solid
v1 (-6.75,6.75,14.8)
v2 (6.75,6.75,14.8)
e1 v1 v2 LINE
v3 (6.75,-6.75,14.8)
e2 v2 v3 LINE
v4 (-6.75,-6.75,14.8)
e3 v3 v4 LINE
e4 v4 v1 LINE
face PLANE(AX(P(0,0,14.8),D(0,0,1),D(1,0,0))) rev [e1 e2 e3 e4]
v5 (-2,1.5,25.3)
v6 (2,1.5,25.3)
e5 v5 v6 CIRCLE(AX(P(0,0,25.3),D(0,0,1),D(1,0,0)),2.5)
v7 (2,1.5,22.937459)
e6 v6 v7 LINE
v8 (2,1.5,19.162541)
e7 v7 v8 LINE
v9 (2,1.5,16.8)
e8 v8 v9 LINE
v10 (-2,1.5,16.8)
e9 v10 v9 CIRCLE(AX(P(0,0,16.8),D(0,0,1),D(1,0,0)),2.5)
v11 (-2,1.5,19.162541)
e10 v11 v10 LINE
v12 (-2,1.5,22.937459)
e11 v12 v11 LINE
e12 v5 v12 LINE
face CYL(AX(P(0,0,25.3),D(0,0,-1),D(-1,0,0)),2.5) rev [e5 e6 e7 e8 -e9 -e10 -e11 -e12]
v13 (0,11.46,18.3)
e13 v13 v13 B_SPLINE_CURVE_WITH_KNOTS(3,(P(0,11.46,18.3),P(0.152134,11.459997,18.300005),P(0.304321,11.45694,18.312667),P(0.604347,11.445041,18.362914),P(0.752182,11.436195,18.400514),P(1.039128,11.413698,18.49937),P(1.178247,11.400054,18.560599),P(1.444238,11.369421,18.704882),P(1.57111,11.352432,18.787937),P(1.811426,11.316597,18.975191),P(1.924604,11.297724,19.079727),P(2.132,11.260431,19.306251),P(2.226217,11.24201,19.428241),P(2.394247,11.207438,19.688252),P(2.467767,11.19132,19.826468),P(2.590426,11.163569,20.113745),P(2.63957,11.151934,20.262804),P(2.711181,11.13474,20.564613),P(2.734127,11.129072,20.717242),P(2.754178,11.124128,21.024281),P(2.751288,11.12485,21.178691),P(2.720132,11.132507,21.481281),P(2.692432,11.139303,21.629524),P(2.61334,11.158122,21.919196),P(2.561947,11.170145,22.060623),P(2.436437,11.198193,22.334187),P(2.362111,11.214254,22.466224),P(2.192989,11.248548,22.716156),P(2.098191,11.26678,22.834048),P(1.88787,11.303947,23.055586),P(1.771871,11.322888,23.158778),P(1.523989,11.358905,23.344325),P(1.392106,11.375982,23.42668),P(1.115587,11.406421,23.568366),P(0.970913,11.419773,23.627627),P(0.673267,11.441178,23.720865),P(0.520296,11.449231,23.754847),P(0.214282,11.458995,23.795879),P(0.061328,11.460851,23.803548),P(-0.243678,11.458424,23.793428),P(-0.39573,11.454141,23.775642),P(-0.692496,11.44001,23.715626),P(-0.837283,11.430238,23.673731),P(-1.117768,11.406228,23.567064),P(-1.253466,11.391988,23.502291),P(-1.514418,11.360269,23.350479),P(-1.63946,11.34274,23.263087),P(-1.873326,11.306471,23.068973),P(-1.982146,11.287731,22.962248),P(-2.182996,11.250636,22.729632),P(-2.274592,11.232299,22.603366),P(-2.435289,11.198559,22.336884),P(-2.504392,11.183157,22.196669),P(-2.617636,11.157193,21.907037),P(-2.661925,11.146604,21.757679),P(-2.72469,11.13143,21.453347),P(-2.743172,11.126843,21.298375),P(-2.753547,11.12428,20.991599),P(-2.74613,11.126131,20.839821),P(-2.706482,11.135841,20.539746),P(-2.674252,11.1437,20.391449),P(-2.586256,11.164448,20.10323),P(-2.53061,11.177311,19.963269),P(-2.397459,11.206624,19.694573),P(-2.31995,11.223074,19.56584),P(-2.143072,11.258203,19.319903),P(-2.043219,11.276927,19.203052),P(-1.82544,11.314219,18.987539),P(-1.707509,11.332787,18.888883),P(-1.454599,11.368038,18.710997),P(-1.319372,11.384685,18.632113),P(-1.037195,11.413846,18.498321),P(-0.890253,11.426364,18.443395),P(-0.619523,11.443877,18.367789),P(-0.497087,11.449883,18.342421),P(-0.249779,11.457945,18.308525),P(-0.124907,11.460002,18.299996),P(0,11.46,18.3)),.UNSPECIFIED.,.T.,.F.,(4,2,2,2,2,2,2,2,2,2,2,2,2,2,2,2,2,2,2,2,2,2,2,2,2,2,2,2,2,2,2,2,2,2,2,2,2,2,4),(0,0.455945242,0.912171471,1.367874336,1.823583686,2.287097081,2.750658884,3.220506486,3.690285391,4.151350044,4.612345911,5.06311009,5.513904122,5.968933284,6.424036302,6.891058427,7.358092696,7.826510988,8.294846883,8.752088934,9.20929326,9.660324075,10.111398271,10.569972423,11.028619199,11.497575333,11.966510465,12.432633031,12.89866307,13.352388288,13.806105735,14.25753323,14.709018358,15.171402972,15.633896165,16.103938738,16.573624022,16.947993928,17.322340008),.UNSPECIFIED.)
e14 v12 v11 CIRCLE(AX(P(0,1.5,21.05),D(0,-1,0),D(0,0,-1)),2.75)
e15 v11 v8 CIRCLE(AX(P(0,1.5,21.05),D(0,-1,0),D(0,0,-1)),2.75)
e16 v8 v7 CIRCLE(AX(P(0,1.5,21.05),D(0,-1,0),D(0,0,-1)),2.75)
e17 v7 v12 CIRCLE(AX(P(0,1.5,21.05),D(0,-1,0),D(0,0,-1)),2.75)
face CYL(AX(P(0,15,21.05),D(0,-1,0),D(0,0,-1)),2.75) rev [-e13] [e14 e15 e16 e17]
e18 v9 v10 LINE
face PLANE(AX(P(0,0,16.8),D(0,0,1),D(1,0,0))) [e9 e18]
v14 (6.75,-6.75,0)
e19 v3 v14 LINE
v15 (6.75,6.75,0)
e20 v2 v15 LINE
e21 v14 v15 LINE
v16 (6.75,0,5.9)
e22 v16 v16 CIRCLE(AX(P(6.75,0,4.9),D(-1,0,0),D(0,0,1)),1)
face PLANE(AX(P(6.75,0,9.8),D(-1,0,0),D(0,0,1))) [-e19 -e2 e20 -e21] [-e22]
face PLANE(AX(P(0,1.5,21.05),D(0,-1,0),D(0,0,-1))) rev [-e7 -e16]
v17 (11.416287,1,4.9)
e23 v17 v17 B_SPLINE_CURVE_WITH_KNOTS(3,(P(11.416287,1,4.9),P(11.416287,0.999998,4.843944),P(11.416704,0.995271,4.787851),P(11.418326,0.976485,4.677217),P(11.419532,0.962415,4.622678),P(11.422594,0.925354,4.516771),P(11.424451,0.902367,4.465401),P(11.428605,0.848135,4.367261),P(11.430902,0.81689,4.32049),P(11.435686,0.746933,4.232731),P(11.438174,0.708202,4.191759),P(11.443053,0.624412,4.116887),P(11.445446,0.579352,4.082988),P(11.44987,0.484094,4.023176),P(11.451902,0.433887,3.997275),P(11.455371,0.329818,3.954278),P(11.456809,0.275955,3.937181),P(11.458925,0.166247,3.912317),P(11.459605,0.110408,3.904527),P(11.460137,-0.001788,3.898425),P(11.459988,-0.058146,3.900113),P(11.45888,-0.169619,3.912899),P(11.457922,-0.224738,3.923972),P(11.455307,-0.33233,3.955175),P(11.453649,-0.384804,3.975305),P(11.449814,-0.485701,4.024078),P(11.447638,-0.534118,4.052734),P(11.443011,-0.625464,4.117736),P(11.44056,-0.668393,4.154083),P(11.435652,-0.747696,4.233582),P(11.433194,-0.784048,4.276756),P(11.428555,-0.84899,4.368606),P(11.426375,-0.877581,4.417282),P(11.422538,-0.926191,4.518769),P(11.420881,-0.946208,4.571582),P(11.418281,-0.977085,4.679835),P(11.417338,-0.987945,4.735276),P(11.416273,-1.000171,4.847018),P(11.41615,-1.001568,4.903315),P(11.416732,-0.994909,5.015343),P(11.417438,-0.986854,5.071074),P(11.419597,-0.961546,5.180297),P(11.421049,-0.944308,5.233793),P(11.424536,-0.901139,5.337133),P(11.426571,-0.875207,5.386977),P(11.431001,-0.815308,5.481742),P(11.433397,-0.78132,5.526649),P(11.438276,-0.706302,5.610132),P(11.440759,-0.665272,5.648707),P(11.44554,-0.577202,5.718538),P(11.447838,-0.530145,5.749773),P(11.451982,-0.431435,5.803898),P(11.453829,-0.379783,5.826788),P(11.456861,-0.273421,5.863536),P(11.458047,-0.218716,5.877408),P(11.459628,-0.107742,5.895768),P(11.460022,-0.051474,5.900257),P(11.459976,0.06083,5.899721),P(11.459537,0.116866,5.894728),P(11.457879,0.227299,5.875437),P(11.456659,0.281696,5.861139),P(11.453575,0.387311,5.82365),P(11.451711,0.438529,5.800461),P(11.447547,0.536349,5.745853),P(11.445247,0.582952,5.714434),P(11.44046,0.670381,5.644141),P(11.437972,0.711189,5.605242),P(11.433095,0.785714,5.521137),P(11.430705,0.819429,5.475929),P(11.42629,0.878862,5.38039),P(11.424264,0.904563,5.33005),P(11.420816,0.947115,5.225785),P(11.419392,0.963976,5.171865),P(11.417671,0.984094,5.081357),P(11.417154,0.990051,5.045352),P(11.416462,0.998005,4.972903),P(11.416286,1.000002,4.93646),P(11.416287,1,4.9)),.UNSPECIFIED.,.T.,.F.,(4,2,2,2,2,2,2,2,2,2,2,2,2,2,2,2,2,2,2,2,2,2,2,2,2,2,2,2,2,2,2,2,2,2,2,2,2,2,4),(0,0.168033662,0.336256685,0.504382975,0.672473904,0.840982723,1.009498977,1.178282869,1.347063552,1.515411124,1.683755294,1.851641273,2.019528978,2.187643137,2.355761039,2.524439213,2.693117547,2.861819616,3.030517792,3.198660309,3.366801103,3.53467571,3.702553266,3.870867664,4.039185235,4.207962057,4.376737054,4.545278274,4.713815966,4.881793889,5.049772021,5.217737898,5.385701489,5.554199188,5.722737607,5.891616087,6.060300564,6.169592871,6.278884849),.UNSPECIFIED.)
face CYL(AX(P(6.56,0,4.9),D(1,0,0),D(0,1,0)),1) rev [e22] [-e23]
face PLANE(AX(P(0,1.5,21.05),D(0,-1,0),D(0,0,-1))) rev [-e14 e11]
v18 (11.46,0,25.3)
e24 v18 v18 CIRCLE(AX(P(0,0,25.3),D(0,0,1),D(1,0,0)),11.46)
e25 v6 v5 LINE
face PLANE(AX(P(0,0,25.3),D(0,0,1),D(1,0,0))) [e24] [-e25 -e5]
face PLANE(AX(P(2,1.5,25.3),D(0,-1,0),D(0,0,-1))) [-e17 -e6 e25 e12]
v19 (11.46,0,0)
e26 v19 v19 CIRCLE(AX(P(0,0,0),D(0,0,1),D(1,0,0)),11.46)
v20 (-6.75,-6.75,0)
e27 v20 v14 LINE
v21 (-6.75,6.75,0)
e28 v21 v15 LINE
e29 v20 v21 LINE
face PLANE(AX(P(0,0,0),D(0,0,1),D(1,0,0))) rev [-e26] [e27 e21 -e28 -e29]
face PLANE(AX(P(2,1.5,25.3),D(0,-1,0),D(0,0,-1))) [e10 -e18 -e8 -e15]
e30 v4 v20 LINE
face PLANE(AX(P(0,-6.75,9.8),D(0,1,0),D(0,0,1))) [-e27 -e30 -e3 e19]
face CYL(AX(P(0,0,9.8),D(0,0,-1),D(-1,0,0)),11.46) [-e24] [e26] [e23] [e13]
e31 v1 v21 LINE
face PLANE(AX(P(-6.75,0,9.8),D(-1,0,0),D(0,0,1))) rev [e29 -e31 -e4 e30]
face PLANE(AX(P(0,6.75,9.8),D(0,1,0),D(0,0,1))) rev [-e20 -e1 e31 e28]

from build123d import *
from build123d.topology import SkipClean

# Parameters (mm, degrees)
BOSS_EXTRUDE1_DEPTH = 9.8
SKETCH2_R           = 9.925
BOSS_EXTRUDE2_DEPTH = 7
SKETCH3_W           = 13.5
SKETCH3_H           = 13.5
CUT_EXTRUDE1_DEPTH  = 5
SKETCH4_R           = 5
BOSS_EXTRUDE3_DEPTH = 8.5
SKETCH5_R           = 1
CUT_EXTRUDE2_DEPTH  = 10.5
SKETCH7_W           = 3.5
SKETCH7_H           = 8.12
CUT_EXTRUDE4_DEPTH  = 10.5
SKETCH9_R           = 9.925
SKETCH9_R_2         = 5
BOSS_EXTRUDE4_DEPTH = 8.5
SKETCH14_R          = 11.46
SKETCH14_R_2        = 9.925
BOSS_EXTRUDE5_DEPTH = 15.5
SKETCH6_R           = 2.75
CUT_EXTRUDE3_DEPTH  = 13.5
CUT_EXTRUDE5_DEPTH  = 21


with BuildPart() as part:
    # Sketch1 → Boss-Extrude1 (new body)
    # profile 1 of 5: a face of its own
    with BuildSketch(Plane.XY):
        with BuildLine():
            Line((17.06, 4.06), (10.716715915, 4.06))
            ThreePointArc((10.716715915, 4.06), (-11.46, 0), (10.716715915, -4.06))
            Line((10.716715915, -4.06), (17.06, -4.06))
            Line((17.06, -4.06), (17.06, 4.06))
        make_face()
        with BuildLine():
            Line((-5.14952425, -6.75), (-6.75, -6.75))
            Line((-6.75, -6.75), (-6.75, -5.14952425))
            ThreePointArc((-6.75, -5.14952425), (-8.49, 0), (-6.75, 5.14952425))
            Line((-6.75, 5.14952425), (-6.75, 6.75))
            Line((-6.75, 6.75), (-5.14952425, 6.75))
            ThreePointArc((-5.14952425, 6.75), (0, 8.49), (5.14952425, 6.75))
            Line((5.14952425, 6.75), (6.75, 6.75))
            Line((6.75, 6.75), (6.75, 5.14952425))
            ThreePointArc((6.75, 5.14952425), (8.49, 0), (6.75, -5.14952425))
            Line((6.75, -5.14952425), (6.75, -6.75))
            Line((6.75, -6.75), (5.14952425, -6.75))
            ThreePointArc((5.14952425, -6.75), (0, -8.49), (-5.14952425, -6.75))
        make_face(mode=Mode.SUBTRACT)
    # profile 2 of 5: a face of its own
    with BuildSketch(Plane.XY):
        with BuildLine():
            ThreePointArc((5.14952425, 6.75), (0, 8.49), (-5.14952425, 6.75))
            Line((-5.14952425, 6.75), (5.14952425, 6.75))
        make_face()
    # profile 3 of 5: a face of its own
    with BuildSketch(Plane.XY):
        with BuildLine():
            ThreePointArc((-6.75, 5.14952425), (-8.49, 0), (-6.75, -5.14952425))
            Line((-6.75, -5.14952425), (-6.75, 5.14952425))
        make_face()
    # profile 4 of 5: a face of its own
    with BuildSketch(Plane.XY):
        with BuildLine():
            Line((6.75, 5.14952425), (6.75, -5.14952425))
            ThreePointArc((6.75, -5.14952425), (8.49, 0), (6.75, 5.14952425))
        make_face()
    # profile 5 of 5: a face of its own
    with BuildSketch(Plane.XY):
        with BuildLine():
            Line((5.14952425, -6.75), (-5.14952425, -6.75))
            ThreePointArc((-5.14952425, -6.75), (0, -8.49), (5.14952425, -6.75))
        make_face()
    extrude(amount=BOSS_EXTRUDE1_DEPTH)

    # Sketch2 → Boss-Extrude2 (add)
    with BuildSketch(Plane.XY.offset(9.8)):
        Circle(SKETCH2_R)
    extrude(amount=BOSS_EXTRUDE2_DEPTH)

    # Sketch3 → Cut-Extrude1 (cut)
    with BuildSketch(Plane(origin=(0, 0, 9.8), x_dir=(-1, 0, 0), z_dir=(0, 0, -1))):
        Rectangle(SKETCH3_W, SKETCH3_H)
    extrude(amount=-CUT_EXTRUDE1_DEPTH, mode=Mode.SUBTRACT)

    # Sketch4 → Boss-Extrude3 (add)
    with BuildSketch(Plane.XY.offset(16.8)):
        Circle(SKETCH4_R)
        with BuildLine():
            Line((2, 1.5), (-2, 1.5))
            ThreePointArc((-2, 1.5), (0, -2.5), (2, 1.5))
        make_face(mode=Mode.SUBTRACT)
    extrude(amount=BOSS_EXTRUDE3_DEPTH)

    # Sketch5 → Cut-Extrude2 (cut)
    with BuildSketch(Plane(origin=(17.06, 0, 0), x_dir=(0, 0, -1), z_dir=(1, 0, 0))):
        with Locations(Location((-4.9, 0, 0), (0, 0, 90))):
            Circle(SKETCH5_R)
    extrude(amount=-CUT_EXTRUDE2_DEPTH, mode=Mode.SUBTRACT)

    # Sketch7 → Cut-Extrude4 (cut)
    with BuildSketch(Plane(origin=(0, 0, 0), x_dir=(-1, 0, 0), z_dir=(0, 0, -1))):
        with Locations((-15.31, 0)):
            Rectangle(SKETCH7_W, SKETCH7_H)
    extrude(amount=-CUT_EXTRUDE4_DEPTH, mode=Mode.SUBTRACT)

    # Sketch9 → Boss-Extrude4 (add)
    with BuildSketch(Plane.XY.offset(16.8)):
        Circle(SKETCH9_R)
        Circle(SKETCH9_R_2, mode=Mode.SUBTRACT)
    extrude(amount=BOSS_EXTRUDE4_DEPTH)

    # Sketch14 → Boss-Extrude5 (add)
    with BuildSketch(Plane.XY.offset(9.8)):
        with Locations(Location((0, 0, 0), (0, 0, 339.250937201))):
            Circle(SKETCH14_R)
        Circle(SKETCH14_R_2, mode=Mode.SUBTRACT)
    extrude(amount=BOSS_EXTRUDE5_DEPTH)

    # Sketch6 → Cut-Extrude3 (cut)
    with BuildSketch(Plane.XZ.offset(-1.5)):
        with Locations(Location((0, 21.05, 0), (0, 0, 270))):
            Circle(SKETCH6_R)
    extrude(amount=-CUT_EXTRUDE3_DEPTH, mode=Mode.SUBTRACT)

    # Sketch15 → Cut-Extrude5 (cut)
    with SkipClean():  # the faces are left unmerged after this step: merging them gives an invalid solid
        with BuildSketch(Plane(origin=(0, 0, 0), x_dir=(-1, 0, 0), z_dir=(0, 0, -1))):
            with BuildLine():
                ThreePointArc((-10.716715915, -4.06), (-11.46, 0), (-10.716715915, 4.06))
                Line((-10.716715915, 4.06), (-13.56, 4.06))
                Line((-13.56, 4.06), (-13.56, -4.06))
                Line((-13.56, -4.06), (-10.716715915, -4.06))
            make_face()
        extrude(amount=-CUT_EXTRUDE5_DEPTH, mode=Mode.SUBTRACT)


solid = part.part
